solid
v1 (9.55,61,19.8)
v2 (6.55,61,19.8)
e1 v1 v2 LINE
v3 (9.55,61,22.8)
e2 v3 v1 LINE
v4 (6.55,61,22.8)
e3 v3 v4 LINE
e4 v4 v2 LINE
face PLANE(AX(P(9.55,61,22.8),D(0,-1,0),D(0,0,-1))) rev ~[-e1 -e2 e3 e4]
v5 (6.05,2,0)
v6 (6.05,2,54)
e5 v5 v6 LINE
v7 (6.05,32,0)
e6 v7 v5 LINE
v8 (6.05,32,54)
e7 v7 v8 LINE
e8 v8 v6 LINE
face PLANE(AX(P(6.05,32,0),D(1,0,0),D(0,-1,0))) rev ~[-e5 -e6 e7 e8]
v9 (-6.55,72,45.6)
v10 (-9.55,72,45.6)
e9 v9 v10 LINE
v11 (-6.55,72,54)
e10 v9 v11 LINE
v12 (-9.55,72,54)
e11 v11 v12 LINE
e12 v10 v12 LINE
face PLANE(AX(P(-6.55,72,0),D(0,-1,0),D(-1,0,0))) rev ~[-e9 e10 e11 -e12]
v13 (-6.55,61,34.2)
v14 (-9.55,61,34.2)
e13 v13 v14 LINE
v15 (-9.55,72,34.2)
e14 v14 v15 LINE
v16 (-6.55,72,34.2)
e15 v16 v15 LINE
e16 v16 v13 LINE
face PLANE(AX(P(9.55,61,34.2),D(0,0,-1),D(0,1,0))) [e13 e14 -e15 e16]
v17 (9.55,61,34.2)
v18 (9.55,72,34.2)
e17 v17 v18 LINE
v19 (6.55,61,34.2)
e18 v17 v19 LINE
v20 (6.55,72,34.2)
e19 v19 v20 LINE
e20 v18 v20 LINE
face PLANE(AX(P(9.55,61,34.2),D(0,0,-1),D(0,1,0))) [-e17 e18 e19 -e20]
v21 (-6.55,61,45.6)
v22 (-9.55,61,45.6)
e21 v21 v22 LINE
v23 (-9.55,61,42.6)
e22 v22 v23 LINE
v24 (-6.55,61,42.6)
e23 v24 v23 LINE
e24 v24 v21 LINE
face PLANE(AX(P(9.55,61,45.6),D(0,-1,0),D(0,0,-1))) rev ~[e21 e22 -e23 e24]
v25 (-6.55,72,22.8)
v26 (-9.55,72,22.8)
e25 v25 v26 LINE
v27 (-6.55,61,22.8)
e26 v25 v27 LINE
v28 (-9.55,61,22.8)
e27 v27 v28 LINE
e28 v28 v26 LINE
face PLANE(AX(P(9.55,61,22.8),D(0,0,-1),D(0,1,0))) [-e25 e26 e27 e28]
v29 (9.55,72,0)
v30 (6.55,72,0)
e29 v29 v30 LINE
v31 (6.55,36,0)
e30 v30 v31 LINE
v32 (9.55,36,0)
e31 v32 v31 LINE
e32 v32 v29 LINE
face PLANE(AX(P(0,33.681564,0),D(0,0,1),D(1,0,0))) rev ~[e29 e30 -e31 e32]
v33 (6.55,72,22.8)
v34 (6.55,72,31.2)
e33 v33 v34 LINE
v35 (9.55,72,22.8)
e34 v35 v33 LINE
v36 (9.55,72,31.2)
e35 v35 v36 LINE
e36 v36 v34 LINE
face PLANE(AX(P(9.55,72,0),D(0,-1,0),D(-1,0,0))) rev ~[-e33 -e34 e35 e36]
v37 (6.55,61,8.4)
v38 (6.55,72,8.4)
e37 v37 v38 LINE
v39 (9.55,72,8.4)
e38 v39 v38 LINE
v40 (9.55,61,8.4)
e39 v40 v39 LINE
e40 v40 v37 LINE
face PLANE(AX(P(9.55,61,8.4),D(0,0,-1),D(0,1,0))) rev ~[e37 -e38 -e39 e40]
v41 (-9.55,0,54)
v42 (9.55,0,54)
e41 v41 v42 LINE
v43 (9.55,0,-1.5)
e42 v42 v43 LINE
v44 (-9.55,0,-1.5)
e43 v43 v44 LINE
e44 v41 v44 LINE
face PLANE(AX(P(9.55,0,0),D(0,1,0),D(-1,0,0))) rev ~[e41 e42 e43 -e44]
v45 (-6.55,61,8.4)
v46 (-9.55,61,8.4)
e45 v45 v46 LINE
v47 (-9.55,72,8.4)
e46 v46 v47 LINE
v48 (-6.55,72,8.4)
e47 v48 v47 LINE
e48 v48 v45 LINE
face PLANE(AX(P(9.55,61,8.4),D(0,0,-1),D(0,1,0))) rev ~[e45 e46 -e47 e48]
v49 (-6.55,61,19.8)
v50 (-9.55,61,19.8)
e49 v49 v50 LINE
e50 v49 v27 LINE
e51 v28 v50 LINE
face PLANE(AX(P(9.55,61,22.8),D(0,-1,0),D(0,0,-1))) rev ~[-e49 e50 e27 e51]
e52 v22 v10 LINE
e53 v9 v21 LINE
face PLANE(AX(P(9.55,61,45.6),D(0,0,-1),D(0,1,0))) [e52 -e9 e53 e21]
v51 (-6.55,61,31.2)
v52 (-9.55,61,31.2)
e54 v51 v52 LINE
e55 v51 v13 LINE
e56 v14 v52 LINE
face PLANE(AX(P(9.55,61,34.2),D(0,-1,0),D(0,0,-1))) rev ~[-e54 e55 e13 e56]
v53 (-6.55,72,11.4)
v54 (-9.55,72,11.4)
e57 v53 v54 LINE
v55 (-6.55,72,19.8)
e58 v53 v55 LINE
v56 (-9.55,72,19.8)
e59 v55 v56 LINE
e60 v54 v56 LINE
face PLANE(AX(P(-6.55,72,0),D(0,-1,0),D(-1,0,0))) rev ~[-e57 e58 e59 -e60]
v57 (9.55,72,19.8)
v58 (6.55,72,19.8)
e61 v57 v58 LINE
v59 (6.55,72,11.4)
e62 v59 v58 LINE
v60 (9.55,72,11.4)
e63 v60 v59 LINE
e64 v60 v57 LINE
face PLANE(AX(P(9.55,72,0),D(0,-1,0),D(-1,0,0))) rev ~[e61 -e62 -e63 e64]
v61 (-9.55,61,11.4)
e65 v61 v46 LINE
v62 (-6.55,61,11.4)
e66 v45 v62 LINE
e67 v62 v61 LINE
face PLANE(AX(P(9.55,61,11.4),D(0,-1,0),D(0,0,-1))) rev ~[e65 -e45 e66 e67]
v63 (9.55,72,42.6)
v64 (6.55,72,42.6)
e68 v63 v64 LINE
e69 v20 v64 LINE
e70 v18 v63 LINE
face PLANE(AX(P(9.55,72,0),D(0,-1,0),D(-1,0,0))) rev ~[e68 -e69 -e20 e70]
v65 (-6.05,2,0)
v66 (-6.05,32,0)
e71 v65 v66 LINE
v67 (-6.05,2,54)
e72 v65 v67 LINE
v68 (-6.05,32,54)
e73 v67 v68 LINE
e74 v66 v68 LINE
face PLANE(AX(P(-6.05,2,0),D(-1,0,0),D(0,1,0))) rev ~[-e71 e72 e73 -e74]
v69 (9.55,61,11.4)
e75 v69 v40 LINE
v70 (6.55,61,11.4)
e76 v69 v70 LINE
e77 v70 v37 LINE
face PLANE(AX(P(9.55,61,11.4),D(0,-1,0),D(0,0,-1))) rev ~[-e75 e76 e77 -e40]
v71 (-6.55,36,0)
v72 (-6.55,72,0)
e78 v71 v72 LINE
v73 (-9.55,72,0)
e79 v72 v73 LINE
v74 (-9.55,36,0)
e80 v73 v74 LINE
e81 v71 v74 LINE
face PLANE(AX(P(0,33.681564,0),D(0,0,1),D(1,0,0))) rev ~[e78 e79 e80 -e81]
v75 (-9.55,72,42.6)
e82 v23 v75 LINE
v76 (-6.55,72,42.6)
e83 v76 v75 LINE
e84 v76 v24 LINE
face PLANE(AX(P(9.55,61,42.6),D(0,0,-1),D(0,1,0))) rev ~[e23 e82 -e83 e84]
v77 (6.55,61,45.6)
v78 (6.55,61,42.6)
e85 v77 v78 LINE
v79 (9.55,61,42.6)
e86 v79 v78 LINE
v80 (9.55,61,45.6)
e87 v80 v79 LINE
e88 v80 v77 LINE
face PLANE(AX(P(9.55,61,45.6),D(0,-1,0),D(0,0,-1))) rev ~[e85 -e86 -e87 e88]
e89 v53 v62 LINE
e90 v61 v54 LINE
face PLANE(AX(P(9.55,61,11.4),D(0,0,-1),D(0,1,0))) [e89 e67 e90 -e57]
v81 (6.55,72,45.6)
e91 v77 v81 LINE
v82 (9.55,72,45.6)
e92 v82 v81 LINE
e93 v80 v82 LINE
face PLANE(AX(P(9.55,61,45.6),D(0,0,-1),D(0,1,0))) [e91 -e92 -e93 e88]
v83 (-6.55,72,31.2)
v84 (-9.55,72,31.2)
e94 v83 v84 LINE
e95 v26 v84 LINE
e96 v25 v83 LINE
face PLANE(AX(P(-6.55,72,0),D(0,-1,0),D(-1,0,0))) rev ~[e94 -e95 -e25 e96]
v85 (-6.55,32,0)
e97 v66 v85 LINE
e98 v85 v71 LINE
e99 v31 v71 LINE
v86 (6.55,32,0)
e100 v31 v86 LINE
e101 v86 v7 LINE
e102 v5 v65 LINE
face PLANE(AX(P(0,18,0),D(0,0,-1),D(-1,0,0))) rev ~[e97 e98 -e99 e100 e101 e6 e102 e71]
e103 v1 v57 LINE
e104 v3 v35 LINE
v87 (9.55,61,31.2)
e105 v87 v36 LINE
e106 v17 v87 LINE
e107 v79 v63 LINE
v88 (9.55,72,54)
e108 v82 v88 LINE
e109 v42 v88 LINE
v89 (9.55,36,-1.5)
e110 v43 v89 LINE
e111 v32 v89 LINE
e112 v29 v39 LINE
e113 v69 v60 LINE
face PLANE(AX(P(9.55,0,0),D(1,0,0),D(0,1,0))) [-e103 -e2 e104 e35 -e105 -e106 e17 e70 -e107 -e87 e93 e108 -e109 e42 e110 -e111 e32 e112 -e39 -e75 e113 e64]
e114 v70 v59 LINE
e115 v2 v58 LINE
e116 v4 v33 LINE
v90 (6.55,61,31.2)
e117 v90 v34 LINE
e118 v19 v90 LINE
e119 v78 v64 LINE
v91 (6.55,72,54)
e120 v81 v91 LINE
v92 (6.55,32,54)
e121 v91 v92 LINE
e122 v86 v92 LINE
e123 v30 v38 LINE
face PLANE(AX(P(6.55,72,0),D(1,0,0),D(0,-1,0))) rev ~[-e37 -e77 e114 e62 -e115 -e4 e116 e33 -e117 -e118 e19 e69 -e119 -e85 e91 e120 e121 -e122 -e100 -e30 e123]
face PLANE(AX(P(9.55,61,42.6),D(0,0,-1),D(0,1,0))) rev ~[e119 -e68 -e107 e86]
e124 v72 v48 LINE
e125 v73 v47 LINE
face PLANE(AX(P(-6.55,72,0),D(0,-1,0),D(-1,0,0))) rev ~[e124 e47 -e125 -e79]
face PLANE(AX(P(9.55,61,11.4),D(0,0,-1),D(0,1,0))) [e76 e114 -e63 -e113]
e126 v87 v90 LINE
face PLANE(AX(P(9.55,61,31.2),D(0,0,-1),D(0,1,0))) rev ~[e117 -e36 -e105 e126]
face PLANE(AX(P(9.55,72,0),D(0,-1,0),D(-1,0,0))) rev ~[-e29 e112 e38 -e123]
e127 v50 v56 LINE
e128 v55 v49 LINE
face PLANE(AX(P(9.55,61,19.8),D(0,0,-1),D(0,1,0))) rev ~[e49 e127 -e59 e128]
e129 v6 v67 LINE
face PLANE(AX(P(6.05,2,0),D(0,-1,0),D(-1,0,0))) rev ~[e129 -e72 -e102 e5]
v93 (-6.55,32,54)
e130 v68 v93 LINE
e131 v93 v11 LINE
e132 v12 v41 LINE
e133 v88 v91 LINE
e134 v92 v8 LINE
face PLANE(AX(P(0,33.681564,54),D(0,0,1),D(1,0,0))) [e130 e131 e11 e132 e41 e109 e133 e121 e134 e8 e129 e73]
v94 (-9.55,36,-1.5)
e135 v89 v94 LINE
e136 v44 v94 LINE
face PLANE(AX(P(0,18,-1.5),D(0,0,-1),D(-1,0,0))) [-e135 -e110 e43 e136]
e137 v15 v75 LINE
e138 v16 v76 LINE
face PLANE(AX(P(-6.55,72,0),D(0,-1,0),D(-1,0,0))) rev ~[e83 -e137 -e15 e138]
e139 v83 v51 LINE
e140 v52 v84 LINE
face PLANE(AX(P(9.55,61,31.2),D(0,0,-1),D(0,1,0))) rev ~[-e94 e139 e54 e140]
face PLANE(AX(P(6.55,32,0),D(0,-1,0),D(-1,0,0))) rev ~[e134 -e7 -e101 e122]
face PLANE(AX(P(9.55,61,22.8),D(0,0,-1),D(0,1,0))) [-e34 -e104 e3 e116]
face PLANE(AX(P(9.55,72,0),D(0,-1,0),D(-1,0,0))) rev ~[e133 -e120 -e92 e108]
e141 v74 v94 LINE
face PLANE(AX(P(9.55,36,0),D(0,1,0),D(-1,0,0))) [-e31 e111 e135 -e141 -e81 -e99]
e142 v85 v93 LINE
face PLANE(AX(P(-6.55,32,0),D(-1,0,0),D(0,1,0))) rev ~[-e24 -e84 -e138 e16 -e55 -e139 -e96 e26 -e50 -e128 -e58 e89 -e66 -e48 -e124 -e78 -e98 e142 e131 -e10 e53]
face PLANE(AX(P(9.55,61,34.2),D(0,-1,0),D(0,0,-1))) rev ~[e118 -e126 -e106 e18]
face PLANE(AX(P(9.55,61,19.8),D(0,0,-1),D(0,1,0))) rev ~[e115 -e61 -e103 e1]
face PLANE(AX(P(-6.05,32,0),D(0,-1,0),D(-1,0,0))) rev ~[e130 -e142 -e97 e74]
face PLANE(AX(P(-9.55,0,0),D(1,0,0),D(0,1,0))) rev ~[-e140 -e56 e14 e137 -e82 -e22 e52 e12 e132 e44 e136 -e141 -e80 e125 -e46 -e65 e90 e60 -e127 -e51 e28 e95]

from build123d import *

# Parameters (mm, degrees)
BOSS_EXTRUDE1_DEPTH = 54
SKETCH2_W           = 3
SKETCH2_H           = 11
CUT_EXTRUDE1_DEPTH  = 20.1
SKETCH3_W           = 19.1
SKETCH3_H           = 36
BOSS_EXTRUDE2_DEPTH = 1.5


with BuildPart() as part:
    # Sketch1 → Boss-Extrude1 (new body)
    with BuildSketch(Plane.XY):
        Polygon((-9.55, 72), (-9.55, 0), (9.55, 0), (9.55, 72), (6.55, 72), (6.55, 32), (6.05, 32), (6.05, 2), (-6.05, 2), (-6.05, 32), (-6.55, 32), (-6.55, 72), align=None)
    extrude(amount=BOSS_EXTRUDE1_DEPTH)

    # Sketch2 → Cut-Extrude1 (cut, through all)
    with BuildSketch(Plane(origin=(9.55, 0, 0), x_dir=(0, 0, -1), z_dir=(1, 0, 0))):
        with Locations((-44.1, 66.5)):
            Rectangle(SKETCH2_W, SKETCH2_H)
        with Locations((-32.7, 66.5)):
            Rectangle(SKETCH2_W, SKETCH2_H)
        with Locations((-21.3, 66.5)):
            Rectangle(SKETCH2_W, SKETCH2_H)
        with Locations((-9.9, 66.5)):
            Rectangle(SKETCH2_W, SKETCH2_H)
    extrude(amount=-CUT_EXTRUDE1_DEPTH, mode=Mode.SUBTRACT)

    # Sketch3 → Boss-Extrude2 (add)
    with BuildSketch(Plane(origin=(0, 0, 0), x_dir=(-1, 0, 0), z_dir=(0, 0, -1))):
        with Locations((0, 18)):
            Rectangle(SKETCH3_W, SKETCH3_H)
    extrude(amount=BOSS_EXTRUDE2_DEPTH)


solid = part.part
